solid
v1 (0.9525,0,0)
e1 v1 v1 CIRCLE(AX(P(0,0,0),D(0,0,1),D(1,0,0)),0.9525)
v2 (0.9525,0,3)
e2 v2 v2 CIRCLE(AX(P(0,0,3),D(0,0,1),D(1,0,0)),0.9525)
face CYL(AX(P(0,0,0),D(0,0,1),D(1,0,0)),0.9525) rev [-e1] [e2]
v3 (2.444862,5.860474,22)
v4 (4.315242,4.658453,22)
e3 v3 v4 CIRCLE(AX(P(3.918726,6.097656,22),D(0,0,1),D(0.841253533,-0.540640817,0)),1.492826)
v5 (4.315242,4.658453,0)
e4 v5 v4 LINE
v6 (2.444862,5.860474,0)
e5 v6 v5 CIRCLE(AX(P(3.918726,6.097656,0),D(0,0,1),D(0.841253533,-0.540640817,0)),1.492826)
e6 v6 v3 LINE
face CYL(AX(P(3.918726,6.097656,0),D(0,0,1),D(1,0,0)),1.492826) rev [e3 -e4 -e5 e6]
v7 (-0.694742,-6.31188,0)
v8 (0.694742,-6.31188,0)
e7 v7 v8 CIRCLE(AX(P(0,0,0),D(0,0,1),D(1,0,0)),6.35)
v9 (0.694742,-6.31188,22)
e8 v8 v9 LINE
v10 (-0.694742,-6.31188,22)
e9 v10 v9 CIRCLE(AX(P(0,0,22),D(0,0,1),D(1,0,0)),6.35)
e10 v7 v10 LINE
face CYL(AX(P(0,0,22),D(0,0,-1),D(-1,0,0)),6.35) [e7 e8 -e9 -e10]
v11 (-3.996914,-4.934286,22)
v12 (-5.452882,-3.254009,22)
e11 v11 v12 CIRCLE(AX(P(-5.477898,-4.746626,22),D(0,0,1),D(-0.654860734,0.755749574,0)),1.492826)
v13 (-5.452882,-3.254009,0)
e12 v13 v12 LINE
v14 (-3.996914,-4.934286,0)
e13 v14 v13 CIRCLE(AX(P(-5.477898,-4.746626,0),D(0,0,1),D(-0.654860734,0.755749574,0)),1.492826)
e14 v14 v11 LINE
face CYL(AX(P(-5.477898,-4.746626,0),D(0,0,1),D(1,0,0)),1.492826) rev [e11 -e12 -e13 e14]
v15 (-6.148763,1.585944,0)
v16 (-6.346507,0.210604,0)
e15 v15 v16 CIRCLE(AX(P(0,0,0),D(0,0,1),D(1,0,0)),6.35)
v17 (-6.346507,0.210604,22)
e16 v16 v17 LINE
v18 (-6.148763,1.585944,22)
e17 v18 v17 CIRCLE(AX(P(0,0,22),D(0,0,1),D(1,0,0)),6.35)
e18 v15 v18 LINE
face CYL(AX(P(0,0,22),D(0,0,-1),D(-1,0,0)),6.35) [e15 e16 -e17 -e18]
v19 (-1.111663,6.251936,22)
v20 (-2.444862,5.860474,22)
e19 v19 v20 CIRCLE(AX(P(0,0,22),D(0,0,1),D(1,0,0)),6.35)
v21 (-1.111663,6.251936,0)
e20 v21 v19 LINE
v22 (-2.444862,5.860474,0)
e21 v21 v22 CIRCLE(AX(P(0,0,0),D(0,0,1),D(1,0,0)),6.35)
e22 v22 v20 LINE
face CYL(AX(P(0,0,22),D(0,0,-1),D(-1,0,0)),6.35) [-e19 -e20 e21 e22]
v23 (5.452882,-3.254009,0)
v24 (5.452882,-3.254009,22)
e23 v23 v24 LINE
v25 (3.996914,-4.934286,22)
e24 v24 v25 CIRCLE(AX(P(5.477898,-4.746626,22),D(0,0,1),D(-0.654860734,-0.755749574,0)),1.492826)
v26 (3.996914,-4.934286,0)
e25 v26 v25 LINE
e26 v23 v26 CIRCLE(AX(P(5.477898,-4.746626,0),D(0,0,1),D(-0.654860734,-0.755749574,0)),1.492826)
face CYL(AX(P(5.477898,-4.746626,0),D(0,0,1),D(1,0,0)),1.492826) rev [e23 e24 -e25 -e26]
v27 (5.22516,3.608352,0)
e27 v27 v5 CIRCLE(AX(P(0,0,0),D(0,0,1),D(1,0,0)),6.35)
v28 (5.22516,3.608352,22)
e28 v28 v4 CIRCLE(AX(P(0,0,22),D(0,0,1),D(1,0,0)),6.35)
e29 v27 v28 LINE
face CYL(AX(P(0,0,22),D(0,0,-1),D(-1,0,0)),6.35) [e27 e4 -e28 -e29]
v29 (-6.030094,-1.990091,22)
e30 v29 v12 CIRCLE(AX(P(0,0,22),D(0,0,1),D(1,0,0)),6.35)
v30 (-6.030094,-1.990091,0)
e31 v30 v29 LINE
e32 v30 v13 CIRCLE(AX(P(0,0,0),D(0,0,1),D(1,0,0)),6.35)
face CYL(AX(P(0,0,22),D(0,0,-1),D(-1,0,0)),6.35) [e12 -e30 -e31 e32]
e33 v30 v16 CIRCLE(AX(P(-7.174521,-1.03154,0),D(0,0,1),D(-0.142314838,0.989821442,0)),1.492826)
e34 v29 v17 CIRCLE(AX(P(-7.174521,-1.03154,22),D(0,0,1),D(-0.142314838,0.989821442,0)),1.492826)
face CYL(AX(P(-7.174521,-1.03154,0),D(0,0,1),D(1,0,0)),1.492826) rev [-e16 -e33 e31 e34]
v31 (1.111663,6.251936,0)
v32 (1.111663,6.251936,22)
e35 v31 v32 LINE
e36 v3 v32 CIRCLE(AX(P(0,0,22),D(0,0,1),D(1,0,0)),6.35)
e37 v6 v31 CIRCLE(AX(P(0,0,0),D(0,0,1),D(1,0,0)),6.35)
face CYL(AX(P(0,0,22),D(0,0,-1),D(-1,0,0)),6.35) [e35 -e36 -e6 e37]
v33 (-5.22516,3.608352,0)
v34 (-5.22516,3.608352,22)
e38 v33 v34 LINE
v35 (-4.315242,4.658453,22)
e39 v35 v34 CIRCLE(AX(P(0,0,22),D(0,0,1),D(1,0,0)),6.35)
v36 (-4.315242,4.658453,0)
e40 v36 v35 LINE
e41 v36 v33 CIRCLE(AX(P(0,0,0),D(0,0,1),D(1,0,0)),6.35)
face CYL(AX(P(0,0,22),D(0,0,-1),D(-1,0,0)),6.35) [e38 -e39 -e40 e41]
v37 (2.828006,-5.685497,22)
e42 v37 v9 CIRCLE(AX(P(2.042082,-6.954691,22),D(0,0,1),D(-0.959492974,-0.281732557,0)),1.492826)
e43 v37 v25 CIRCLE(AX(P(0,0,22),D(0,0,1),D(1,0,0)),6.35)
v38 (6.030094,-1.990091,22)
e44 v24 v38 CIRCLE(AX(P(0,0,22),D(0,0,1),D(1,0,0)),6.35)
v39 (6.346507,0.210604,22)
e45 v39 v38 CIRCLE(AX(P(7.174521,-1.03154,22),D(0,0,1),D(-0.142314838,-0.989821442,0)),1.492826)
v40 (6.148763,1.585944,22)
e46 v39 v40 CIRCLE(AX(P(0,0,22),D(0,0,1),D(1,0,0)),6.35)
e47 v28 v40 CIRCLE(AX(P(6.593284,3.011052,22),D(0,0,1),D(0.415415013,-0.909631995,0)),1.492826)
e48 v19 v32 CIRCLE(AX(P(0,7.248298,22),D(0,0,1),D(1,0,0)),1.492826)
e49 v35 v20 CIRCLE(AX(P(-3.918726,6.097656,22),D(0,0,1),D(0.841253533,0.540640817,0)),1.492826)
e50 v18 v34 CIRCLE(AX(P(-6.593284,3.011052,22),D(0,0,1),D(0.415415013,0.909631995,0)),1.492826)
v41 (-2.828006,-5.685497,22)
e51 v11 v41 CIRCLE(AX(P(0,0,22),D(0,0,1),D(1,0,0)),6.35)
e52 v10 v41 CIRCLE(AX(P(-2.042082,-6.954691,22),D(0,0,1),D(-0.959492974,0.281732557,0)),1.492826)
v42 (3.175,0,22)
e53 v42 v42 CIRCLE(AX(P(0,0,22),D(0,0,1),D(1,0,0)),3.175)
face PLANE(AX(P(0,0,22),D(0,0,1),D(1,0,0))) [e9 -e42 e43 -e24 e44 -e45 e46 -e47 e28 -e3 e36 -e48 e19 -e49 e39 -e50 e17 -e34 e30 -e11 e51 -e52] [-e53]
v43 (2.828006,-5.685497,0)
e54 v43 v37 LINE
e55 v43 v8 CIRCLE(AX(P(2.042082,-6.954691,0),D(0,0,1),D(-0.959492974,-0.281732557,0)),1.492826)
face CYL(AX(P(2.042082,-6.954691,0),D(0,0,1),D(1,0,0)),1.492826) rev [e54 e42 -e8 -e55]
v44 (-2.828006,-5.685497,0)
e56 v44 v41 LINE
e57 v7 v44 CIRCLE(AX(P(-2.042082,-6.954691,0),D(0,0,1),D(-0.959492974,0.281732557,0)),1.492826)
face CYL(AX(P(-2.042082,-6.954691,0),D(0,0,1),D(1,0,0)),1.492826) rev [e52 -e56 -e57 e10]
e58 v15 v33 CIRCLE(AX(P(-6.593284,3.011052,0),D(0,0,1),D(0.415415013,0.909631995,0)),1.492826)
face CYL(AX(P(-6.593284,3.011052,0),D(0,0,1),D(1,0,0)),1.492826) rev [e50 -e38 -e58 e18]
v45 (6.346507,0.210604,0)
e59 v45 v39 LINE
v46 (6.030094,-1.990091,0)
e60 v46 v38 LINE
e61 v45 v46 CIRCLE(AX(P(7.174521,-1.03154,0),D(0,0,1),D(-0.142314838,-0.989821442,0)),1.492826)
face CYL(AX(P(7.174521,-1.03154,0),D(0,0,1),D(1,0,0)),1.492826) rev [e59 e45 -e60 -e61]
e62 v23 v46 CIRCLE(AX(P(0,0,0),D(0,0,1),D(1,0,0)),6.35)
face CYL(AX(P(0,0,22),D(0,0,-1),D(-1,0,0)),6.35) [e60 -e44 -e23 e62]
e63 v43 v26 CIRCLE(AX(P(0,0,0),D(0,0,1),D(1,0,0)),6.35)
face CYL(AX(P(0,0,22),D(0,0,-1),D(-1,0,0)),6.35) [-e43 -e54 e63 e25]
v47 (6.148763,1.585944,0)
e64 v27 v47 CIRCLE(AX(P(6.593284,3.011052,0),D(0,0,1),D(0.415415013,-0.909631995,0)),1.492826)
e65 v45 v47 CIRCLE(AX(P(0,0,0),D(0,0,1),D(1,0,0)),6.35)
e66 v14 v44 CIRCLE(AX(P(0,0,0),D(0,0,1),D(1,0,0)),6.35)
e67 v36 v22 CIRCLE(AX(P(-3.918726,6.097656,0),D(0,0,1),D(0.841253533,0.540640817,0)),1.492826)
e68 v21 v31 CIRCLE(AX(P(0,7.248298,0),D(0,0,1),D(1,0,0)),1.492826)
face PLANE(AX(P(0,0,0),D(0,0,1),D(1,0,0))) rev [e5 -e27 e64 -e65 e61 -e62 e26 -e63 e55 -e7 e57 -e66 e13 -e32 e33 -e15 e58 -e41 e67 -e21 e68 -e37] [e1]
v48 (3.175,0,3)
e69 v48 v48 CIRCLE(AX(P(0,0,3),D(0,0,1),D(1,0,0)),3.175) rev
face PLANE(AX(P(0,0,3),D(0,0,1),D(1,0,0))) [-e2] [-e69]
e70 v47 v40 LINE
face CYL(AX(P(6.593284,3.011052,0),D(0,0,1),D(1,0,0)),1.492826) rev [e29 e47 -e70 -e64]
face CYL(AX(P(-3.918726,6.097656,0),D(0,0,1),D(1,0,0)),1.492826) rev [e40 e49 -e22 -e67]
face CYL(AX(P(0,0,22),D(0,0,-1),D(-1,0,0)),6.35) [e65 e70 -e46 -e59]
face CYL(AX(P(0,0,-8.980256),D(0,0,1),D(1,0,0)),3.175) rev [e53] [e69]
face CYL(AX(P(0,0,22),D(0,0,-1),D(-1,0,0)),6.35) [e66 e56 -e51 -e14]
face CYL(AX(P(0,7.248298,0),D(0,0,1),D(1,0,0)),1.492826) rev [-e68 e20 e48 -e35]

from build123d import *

# Parameters (mm, degrees)
SKETCH1_R           = 6.35
BOSS_EXTRUDE1_DEPTH = 22
CUT_EXTRUDE1_DEPTH  = 23
CIRPATTERN1_COUNT   = 11
SKETCH3_R           = 3.175
CUT_EXTRUDE2_DEPTH  = 19
SKETCH4_R           = 0.9525
CUT_EXTRUDE3_DEPTH  = 4


with BuildPart() as part:
    # Sketch1 → Boss-Extrude1 (new body)
    with BuildSketch(Plane.XY):
        Circle(SKETCH1_R)
    extrude(amount=BOSS_EXTRUDE1_DEPTH)

    # Sketch2 → Cut-Extrude1 (cut, through all)
    with BuildSketch(Plane.XY.offset(22)):
        with BuildLine():
            ThreePointArc((-1.111662599, 6.251936201), (0, 5.75547169), (1.111662599, 6.251936201))
            ThreePointArc((1.111662599, 6.251936201), (0, 6.35), (-1.111662599, 6.251936201))
        make_face()
    cut_extrude1 = extrude(amount=-CUT_EXTRUDE1_DEPTH, mode=Mode.SUBTRACT)

    # CirPattern1: Cut-Extrude1 ×11 about axis
    cirpattern1_axis = Axis((0, 0, 0), (0, 0, 1))
    for i in range(1, CIRPATTERN1_COUNT):
        add(cut_extrude1.rotate(cirpattern1_axis, i * 360 / CIRPATTERN1_COUNT), mode=Mode.SUBTRACT)

    # Sketch3 → Cut-Extrude2 (cut)
    with BuildSketch(Plane.XY.offset(22)):
        Circle(SKETCH3_R)
    extrude(amount=-CUT_EXTRUDE2_DEPTH, mode=Mode.SUBTRACT)

    # Sketch4 → Cut-Extrude3 (cut, through all)
    with BuildSketch(Plane.XY.offset(3)):
        Circle(SKETCH4_R)
    extrude(amount=-CUT_EXTRUDE3_DEPTH, mode=Mode.SUBTRACT)


solid = part.part
